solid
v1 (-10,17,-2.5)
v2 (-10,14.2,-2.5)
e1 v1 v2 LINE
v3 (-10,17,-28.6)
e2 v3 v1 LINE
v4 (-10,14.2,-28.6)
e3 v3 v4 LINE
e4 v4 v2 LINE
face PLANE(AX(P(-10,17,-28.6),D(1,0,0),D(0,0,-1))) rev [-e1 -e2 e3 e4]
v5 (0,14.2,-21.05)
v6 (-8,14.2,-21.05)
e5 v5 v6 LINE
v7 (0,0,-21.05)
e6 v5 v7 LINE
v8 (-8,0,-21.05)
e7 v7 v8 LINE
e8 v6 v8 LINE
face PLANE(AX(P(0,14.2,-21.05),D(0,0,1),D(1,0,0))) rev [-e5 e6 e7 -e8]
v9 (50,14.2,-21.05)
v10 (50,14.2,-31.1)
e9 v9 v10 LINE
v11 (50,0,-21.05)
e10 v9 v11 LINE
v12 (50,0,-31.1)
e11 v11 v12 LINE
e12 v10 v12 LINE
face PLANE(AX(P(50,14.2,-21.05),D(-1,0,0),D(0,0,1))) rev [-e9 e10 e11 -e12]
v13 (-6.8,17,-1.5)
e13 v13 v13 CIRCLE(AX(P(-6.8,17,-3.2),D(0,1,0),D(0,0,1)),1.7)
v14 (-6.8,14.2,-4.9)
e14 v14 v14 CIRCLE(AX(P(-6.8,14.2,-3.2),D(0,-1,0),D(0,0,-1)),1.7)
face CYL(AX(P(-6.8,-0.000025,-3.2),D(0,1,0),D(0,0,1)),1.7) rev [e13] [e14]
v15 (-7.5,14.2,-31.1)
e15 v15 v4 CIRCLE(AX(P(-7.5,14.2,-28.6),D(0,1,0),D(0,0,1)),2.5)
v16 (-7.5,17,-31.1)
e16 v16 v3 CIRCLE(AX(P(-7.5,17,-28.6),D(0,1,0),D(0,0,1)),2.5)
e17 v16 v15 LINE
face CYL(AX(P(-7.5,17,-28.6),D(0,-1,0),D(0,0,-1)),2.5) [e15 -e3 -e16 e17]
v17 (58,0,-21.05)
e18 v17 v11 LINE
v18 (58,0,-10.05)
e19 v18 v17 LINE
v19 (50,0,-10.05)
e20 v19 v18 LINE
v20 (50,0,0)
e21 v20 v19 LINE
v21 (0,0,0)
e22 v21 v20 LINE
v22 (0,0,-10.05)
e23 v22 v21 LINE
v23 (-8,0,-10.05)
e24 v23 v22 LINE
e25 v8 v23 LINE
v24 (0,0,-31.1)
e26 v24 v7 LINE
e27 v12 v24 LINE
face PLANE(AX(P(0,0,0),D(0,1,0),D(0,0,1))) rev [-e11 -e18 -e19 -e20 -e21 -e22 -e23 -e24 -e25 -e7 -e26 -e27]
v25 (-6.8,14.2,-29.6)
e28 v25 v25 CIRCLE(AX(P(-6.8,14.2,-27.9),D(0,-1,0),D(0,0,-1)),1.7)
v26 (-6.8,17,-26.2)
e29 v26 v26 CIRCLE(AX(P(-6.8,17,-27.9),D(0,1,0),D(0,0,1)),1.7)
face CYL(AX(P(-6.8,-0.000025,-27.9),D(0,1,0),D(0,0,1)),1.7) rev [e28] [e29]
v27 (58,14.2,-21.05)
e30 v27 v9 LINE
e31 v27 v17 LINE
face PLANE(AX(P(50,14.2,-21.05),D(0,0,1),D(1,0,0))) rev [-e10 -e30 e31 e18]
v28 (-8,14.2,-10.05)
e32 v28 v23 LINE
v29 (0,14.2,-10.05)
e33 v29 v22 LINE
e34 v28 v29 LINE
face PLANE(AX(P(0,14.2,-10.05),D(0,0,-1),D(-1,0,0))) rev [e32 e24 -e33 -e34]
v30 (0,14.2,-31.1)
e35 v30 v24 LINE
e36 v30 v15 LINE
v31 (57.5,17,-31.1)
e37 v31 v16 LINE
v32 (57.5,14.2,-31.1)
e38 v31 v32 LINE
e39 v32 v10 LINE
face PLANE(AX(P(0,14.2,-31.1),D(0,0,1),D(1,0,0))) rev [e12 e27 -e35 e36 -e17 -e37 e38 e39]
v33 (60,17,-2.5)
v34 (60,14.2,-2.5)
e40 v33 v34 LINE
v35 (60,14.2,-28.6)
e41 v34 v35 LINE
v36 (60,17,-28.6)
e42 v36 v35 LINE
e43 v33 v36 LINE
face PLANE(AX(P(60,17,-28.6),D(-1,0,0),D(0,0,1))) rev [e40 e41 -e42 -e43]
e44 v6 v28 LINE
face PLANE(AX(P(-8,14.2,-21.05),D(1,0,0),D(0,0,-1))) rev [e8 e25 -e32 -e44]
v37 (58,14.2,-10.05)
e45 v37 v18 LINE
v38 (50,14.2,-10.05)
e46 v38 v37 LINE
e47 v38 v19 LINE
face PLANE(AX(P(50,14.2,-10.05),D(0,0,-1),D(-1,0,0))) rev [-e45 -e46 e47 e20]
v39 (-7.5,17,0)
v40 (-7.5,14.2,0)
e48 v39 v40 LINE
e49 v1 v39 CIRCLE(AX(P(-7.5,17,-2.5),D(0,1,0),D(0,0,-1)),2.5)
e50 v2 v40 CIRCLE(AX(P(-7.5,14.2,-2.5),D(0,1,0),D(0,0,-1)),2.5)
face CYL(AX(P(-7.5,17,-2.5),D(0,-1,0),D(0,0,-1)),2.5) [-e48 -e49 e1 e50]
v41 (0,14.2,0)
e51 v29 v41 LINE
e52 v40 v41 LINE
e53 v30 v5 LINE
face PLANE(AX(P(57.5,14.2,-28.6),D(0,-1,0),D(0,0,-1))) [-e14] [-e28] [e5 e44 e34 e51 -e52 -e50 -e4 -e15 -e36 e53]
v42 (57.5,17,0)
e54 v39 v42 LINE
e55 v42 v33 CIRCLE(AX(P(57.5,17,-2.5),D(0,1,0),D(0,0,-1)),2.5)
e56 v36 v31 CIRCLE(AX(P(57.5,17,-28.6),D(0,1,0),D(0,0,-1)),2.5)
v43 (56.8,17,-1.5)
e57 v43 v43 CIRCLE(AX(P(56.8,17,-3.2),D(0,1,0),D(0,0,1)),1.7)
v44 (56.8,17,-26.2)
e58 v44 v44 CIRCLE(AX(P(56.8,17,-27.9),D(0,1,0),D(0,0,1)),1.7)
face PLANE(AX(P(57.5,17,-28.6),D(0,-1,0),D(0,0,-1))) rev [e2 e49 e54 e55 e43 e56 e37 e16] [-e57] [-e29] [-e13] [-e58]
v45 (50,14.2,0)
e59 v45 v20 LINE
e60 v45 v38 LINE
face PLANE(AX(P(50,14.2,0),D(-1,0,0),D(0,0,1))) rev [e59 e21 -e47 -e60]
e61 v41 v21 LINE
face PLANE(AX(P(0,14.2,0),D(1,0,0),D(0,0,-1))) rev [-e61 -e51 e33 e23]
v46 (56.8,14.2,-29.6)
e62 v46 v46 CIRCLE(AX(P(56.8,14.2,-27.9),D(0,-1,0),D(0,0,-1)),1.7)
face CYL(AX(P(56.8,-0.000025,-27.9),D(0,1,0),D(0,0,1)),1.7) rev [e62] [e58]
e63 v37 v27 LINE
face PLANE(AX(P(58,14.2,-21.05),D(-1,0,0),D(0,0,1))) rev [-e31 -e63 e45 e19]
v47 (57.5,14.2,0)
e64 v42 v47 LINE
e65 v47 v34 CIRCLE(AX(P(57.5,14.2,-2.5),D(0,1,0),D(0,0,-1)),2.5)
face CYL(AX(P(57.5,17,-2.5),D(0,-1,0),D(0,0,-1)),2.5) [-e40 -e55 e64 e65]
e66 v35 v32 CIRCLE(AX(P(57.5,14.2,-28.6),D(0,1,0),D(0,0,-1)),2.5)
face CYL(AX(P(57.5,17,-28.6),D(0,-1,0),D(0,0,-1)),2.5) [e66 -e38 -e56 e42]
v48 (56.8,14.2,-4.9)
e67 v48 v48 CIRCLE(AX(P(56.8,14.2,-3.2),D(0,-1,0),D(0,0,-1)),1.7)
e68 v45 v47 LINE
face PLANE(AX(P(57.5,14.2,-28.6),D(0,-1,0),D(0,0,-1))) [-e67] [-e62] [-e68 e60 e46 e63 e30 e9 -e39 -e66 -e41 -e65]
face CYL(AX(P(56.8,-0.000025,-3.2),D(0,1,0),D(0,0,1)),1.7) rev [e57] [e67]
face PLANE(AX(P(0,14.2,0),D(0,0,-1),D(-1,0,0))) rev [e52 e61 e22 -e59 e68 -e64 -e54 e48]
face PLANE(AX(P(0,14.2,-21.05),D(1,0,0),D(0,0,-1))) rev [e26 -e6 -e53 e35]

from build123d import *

# Parameters (mm, degrees)
BOSS_EXTRUDE1_DEPTH = 14.2
BOSS_EXTRUDE2_DEPTH = 2.8
SKETCH3_R           = 1.7
CUT_EXTRUDE2_DEPTH  = 70.686512325


with BuildPart() as part:
    # Sketch1 → Boss-Extrude1 (new body)
    with BuildSketch(Plane(origin=(0, 0, 0), x_dir=(1, 0, 0), z_dir=(0, 1, 0))):
        Polygon((0, 21.05), (0, 31.1), (50, 31.1), (50, 21.05), (58, 21.05), (58, 10.05), (50, 10.05), (50, 0), (0, 0), (0, 10.05), (-8, 10.05), (-8, 21.05), align=None)
    extrude(amount=BOSS_EXTRUDE1_DEPTH)

    # Sketch2 → Boss-Extrude2 (add)
    with BuildSketch(Plane(origin=(0, 14.2, 0), x_dir=(1, 0, 0), z_dir=(0, 1, 0))):
        with BuildLine():
            Line((57.5, 31.1), (-7.5, 31.1))
            ThreePointArc((-7.5, 31.1), (-9.267766953, 30.367766953), (-10, 28.6))
            Line((-10, 28.6), (-10, 2.5))
            ThreePointArc((-10, 2.5), (-9.267766953, 0.732233047), (-7.5, 0))
            Line((-7.5, 0), (57.5, 0))
            ThreePointArc((57.5, 0), (59.267766953, 0.732233047), (60, 2.5))
            Line((60, 2.5), (60, 28.6))
            ThreePointArc((60, 28.6), (59.267766953, 30.367766953), (57.5, 31.1))
        make_face()
    extrude(amount=BOSS_EXTRUDE2_DEPTH)

    # Sketch3 → Cut-Extrude2 (cut, through all)
    with BuildSketch(Plane(origin=(0, 17, 0), x_dir=(1, 0, 0), z_dir=(0, 1, 0))):
        with Locations(Location((-6.8, 3.2, 0), (0, 0, 270))):
            Circle(SKETCH3_R)
        with Locations(Location((56.8, 3.2, 0), (0, 0, 270))):
            Circle(SKETCH3_R)
        with Locations(Location((56.8, 27.9, 0), (0, 0, 270))):
            Circle(SKETCH3_R)
        with Locations(Location((-6.8, 27.9, 0), (0, 0, 270))):
            Circle(SKETCH3_R)
    extrude(amount=-CUT_EXTRUDE2_DEPTH, mode=Mode.SUBTRACT)


solid = part.part
